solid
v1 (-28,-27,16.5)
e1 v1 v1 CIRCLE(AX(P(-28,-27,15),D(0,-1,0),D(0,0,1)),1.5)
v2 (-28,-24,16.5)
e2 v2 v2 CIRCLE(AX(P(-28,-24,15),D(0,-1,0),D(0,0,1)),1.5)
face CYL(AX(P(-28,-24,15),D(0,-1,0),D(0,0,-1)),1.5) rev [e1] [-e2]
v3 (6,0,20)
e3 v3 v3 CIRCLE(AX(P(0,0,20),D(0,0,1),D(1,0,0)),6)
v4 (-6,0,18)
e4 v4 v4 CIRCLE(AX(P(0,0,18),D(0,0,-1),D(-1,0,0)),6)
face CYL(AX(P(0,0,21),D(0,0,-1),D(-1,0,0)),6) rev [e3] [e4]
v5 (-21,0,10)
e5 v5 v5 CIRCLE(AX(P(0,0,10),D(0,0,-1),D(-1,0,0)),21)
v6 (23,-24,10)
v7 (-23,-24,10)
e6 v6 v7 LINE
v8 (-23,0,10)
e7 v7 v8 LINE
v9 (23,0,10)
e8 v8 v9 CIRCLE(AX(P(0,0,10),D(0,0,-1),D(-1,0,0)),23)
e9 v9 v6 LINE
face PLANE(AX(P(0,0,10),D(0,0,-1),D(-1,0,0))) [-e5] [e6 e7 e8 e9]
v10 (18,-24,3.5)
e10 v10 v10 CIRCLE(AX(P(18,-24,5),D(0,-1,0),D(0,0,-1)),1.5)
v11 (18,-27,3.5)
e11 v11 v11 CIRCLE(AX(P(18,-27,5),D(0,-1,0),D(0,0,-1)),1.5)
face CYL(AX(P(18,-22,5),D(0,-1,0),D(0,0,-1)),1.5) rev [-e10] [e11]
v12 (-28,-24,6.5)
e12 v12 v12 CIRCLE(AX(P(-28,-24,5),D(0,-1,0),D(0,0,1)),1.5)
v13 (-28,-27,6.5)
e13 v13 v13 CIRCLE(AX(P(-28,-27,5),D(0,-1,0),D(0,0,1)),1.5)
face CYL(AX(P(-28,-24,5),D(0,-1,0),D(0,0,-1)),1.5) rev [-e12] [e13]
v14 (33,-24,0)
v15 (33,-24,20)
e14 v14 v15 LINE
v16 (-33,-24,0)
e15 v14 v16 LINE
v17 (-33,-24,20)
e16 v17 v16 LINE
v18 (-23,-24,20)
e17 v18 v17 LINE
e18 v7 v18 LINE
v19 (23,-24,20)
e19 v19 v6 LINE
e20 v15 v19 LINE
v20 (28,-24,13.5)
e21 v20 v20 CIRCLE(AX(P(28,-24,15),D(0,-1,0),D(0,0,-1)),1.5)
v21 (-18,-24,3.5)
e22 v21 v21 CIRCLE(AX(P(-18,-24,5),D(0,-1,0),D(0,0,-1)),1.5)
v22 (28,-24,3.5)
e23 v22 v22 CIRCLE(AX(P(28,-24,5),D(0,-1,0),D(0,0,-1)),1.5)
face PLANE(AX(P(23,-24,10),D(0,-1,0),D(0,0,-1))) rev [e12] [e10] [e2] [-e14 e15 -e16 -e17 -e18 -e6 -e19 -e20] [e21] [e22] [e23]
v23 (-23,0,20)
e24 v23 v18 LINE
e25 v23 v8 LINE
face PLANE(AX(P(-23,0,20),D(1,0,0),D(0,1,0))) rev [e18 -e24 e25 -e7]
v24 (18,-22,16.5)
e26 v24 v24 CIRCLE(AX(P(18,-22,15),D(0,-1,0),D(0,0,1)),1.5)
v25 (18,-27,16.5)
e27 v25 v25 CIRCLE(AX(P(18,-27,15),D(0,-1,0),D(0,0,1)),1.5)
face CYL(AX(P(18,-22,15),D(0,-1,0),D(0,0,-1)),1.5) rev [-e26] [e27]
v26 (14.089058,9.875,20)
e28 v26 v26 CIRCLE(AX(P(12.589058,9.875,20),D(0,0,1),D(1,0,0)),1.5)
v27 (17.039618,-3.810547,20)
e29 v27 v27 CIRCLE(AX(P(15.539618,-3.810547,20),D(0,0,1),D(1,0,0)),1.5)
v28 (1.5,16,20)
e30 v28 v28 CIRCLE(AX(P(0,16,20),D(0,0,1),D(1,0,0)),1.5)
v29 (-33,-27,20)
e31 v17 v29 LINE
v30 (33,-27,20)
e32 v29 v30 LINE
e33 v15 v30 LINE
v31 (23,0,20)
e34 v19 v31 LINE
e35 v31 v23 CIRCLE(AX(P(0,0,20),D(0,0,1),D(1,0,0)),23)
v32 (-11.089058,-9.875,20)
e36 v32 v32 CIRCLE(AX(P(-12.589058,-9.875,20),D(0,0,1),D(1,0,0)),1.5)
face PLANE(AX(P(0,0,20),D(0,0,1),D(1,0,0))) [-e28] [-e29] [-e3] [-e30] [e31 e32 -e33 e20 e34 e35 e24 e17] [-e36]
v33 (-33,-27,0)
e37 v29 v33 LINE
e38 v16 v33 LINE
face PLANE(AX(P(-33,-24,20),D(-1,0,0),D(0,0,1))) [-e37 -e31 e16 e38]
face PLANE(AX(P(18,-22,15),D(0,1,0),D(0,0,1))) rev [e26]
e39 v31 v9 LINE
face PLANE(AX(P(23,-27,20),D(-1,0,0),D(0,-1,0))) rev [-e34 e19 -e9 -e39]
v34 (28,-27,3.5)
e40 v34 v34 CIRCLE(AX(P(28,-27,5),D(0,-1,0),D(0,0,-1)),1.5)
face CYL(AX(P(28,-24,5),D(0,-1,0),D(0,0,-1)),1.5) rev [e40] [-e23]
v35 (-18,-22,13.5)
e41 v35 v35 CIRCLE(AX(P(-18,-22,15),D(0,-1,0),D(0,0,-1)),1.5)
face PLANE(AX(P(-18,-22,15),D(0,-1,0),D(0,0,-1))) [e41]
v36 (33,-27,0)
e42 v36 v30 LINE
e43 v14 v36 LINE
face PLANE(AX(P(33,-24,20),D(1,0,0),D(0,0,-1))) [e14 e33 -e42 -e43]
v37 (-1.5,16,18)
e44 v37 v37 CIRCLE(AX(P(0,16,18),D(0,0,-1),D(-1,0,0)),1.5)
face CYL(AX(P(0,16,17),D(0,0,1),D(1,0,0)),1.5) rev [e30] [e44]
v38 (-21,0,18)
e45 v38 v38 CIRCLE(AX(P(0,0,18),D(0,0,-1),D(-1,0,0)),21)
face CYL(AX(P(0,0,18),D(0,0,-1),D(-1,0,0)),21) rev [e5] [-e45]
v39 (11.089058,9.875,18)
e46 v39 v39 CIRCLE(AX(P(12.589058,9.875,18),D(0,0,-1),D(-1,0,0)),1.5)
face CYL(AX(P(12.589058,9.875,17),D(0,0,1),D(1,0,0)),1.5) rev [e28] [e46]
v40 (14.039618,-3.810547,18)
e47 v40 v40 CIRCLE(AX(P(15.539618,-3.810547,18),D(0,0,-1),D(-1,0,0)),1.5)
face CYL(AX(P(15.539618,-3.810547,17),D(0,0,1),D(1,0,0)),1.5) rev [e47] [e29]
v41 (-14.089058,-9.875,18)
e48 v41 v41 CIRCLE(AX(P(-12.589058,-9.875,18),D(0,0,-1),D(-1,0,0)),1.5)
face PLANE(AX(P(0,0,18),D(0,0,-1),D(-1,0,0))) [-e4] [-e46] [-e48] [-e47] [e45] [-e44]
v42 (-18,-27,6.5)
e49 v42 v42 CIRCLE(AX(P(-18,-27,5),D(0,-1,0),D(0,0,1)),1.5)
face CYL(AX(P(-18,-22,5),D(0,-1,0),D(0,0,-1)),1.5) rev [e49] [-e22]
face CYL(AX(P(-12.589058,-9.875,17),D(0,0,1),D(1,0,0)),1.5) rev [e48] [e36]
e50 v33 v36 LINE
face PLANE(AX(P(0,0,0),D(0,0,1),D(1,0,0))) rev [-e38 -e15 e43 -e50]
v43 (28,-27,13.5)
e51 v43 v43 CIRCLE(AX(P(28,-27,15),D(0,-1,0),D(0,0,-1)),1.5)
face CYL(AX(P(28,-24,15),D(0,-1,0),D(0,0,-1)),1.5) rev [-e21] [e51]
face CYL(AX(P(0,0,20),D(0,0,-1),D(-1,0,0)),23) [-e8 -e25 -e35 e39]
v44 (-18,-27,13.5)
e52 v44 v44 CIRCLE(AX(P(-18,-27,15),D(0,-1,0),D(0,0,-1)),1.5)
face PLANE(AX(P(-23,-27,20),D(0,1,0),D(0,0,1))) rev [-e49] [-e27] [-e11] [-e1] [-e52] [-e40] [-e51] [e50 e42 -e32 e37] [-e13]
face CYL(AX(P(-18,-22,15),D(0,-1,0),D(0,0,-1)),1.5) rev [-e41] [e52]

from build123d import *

# Parameters (mm, degrees)
EXTRUDE_1_DEPTH     = 20
CUT_EXTRUDE_1_DEPTH = 10
SKETCH_3_R          = 21
CUT_EXTRUDE_2_DEPTH = 8
SKETCH_6_R          = 1.5
CUT_EXTRUDE_3_DEPTH = 5
SKETCH_7_R          = 1.5
CUT_EXTRUDE_6_DEPTH = 3
SKETCH_8_R          = 6
CUT_EXTRUDE_7_DEPTH = 3
SKETCH_9_W          = 10
SKETCH_9_H          = 20
SKETCH_9_R          = 1.5
EXTRUDE_2_DEPTH     = 3


with BuildPart() as part:
    # 草图1 → 凸台-拉伸1 (new body)
    with BuildSketch(Plane.XY):
        with BuildLine():
            Line((-23, 0), (-23, -27))
            Line((-23, -27), (23, -27))
            Line((23, -27), (23, 0))
            ThreePointArc((23, 0), (0, 23), (-23, 0))
        make_face()
    extrude(amount=EXTRUDE_1_DEPTH)

    # 草图2 → 切除-拉伸1 (cut)
    with BuildSketch(Plane(origin=(0, 0, 0), x_dir=(-1, 0, 0), z_dir=(0, 0, -1))):
        with BuildLine():
            Line((-23, -24), (23, -24))
            Line((23, -24), (23, 0))
            ThreePointArc((23, 0), (0, 23), (-23, 0))
            Line((-23, 0), (-23, -24))
        make_face()
    extrude(amount=-CUT_EXTRUDE_1_DEPTH, mode=Mode.SUBTRACT)

    # 草图3 → 切除-拉伸2 (cut)
    with BuildSketch(Plane(origin=(0, 0, 10), x_dir=(-1, 0, 0), z_dir=(0, 0, -1))):
        Circle(SKETCH_3_R)
    extrude(amount=-CUT_EXTRUDE_2_DEPTH, mode=Mode.SUBTRACT)

    # 草图6 → 切除-拉伸3 (cut)
    with BuildSketch(Plane.XZ.offset(27)):
        with Locations(Location((-18, 15, 0), (0, 0, 270))):
            Circle(SKETCH_6_R)
        with Locations(Location((18, 15, 0), (0, 0, 90))):
            Circle(SKETCH_6_R)
        with Locations(Location((18, 5, 0), (0, 0, 270))):
            Circle(SKETCH_6_R)
        with Locations(Location((-18, 5, 0), (0, 0, 270))):
            Circle(SKETCH_6_R)
    extrude(amount=-CUT_EXTRUDE_3_DEPTH, mode=Mode.SUBTRACT)

    # 草图7 → 切除-拉伸6 (cut)
    with BuildSketch(Plane.XY.offset(20)):
        with Locations((0, 16)):
            Circle(SKETCH_7_R)
        with Locations((12.589057749, 9.875)):
            Circle(SKETCH_7_R)
        with Locations((-12.589057749, -9.875)):
            Circle(SKETCH_7_R)
        with Locations((15.539618159, -3.810546875)):
            Circle(SKETCH_7_R)
    extrude(amount=-CUT_EXTRUDE_6_DEPTH, mode=Mode.SUBTRACT)

    # 草图8 → 切除-拉伸7 (cut)
    with BuildSketch(Plane(origin=(0, 0, 18), x_dir=(-1, 0, 0), z_dir=(0, 0, -1))):
        Circle(SKETCH_8_R)
    extrude(amount=-CUT_EXTRUDE_7_DEPTH, mode=Mode.SUBTRACT)

    # 草图9 → 凸台-拉伸2 (add)
    # profile 1 of 2: a face of its own
    with BuildSketch(Plane.XZ.offset(27)):
        with Locations((28, 10)):
            Rectangle(SKETCH_9_W, SKETCH_9_H)
        with Locations(Location((28, 15, 0), (0, 0, 270))):
            Circle(SKETCH_9_R, mode=Mode.SUBTRACT)
        with Locations(Location((28, 5, 0), (0, 0, 270))):
            Circle(SKETCH_9_R, mode=Mode.SUBTRACT)
    # profile 2 of 2: a face of its own
    with BuildSketch(Plane.XZ.offset(27)):
        with Locations((-28, 10)):
            Rectangle(SKETCH_9_W, SKETCH_9_H)
        with Locations(Location((-28, 15, 0), (0, 0, 90))):
            Circle(SKETCH_9_R, mode=Mode.SUBTRACT)
        with Locations(Location((-28, 5, 0), (0, 0, 90))):
            Circle(SKETCH_9_R, mode=Mode.SUBTRACT)
    extrude(amount=-EXTRUDE_2_DEPTH)


solid = part.part
